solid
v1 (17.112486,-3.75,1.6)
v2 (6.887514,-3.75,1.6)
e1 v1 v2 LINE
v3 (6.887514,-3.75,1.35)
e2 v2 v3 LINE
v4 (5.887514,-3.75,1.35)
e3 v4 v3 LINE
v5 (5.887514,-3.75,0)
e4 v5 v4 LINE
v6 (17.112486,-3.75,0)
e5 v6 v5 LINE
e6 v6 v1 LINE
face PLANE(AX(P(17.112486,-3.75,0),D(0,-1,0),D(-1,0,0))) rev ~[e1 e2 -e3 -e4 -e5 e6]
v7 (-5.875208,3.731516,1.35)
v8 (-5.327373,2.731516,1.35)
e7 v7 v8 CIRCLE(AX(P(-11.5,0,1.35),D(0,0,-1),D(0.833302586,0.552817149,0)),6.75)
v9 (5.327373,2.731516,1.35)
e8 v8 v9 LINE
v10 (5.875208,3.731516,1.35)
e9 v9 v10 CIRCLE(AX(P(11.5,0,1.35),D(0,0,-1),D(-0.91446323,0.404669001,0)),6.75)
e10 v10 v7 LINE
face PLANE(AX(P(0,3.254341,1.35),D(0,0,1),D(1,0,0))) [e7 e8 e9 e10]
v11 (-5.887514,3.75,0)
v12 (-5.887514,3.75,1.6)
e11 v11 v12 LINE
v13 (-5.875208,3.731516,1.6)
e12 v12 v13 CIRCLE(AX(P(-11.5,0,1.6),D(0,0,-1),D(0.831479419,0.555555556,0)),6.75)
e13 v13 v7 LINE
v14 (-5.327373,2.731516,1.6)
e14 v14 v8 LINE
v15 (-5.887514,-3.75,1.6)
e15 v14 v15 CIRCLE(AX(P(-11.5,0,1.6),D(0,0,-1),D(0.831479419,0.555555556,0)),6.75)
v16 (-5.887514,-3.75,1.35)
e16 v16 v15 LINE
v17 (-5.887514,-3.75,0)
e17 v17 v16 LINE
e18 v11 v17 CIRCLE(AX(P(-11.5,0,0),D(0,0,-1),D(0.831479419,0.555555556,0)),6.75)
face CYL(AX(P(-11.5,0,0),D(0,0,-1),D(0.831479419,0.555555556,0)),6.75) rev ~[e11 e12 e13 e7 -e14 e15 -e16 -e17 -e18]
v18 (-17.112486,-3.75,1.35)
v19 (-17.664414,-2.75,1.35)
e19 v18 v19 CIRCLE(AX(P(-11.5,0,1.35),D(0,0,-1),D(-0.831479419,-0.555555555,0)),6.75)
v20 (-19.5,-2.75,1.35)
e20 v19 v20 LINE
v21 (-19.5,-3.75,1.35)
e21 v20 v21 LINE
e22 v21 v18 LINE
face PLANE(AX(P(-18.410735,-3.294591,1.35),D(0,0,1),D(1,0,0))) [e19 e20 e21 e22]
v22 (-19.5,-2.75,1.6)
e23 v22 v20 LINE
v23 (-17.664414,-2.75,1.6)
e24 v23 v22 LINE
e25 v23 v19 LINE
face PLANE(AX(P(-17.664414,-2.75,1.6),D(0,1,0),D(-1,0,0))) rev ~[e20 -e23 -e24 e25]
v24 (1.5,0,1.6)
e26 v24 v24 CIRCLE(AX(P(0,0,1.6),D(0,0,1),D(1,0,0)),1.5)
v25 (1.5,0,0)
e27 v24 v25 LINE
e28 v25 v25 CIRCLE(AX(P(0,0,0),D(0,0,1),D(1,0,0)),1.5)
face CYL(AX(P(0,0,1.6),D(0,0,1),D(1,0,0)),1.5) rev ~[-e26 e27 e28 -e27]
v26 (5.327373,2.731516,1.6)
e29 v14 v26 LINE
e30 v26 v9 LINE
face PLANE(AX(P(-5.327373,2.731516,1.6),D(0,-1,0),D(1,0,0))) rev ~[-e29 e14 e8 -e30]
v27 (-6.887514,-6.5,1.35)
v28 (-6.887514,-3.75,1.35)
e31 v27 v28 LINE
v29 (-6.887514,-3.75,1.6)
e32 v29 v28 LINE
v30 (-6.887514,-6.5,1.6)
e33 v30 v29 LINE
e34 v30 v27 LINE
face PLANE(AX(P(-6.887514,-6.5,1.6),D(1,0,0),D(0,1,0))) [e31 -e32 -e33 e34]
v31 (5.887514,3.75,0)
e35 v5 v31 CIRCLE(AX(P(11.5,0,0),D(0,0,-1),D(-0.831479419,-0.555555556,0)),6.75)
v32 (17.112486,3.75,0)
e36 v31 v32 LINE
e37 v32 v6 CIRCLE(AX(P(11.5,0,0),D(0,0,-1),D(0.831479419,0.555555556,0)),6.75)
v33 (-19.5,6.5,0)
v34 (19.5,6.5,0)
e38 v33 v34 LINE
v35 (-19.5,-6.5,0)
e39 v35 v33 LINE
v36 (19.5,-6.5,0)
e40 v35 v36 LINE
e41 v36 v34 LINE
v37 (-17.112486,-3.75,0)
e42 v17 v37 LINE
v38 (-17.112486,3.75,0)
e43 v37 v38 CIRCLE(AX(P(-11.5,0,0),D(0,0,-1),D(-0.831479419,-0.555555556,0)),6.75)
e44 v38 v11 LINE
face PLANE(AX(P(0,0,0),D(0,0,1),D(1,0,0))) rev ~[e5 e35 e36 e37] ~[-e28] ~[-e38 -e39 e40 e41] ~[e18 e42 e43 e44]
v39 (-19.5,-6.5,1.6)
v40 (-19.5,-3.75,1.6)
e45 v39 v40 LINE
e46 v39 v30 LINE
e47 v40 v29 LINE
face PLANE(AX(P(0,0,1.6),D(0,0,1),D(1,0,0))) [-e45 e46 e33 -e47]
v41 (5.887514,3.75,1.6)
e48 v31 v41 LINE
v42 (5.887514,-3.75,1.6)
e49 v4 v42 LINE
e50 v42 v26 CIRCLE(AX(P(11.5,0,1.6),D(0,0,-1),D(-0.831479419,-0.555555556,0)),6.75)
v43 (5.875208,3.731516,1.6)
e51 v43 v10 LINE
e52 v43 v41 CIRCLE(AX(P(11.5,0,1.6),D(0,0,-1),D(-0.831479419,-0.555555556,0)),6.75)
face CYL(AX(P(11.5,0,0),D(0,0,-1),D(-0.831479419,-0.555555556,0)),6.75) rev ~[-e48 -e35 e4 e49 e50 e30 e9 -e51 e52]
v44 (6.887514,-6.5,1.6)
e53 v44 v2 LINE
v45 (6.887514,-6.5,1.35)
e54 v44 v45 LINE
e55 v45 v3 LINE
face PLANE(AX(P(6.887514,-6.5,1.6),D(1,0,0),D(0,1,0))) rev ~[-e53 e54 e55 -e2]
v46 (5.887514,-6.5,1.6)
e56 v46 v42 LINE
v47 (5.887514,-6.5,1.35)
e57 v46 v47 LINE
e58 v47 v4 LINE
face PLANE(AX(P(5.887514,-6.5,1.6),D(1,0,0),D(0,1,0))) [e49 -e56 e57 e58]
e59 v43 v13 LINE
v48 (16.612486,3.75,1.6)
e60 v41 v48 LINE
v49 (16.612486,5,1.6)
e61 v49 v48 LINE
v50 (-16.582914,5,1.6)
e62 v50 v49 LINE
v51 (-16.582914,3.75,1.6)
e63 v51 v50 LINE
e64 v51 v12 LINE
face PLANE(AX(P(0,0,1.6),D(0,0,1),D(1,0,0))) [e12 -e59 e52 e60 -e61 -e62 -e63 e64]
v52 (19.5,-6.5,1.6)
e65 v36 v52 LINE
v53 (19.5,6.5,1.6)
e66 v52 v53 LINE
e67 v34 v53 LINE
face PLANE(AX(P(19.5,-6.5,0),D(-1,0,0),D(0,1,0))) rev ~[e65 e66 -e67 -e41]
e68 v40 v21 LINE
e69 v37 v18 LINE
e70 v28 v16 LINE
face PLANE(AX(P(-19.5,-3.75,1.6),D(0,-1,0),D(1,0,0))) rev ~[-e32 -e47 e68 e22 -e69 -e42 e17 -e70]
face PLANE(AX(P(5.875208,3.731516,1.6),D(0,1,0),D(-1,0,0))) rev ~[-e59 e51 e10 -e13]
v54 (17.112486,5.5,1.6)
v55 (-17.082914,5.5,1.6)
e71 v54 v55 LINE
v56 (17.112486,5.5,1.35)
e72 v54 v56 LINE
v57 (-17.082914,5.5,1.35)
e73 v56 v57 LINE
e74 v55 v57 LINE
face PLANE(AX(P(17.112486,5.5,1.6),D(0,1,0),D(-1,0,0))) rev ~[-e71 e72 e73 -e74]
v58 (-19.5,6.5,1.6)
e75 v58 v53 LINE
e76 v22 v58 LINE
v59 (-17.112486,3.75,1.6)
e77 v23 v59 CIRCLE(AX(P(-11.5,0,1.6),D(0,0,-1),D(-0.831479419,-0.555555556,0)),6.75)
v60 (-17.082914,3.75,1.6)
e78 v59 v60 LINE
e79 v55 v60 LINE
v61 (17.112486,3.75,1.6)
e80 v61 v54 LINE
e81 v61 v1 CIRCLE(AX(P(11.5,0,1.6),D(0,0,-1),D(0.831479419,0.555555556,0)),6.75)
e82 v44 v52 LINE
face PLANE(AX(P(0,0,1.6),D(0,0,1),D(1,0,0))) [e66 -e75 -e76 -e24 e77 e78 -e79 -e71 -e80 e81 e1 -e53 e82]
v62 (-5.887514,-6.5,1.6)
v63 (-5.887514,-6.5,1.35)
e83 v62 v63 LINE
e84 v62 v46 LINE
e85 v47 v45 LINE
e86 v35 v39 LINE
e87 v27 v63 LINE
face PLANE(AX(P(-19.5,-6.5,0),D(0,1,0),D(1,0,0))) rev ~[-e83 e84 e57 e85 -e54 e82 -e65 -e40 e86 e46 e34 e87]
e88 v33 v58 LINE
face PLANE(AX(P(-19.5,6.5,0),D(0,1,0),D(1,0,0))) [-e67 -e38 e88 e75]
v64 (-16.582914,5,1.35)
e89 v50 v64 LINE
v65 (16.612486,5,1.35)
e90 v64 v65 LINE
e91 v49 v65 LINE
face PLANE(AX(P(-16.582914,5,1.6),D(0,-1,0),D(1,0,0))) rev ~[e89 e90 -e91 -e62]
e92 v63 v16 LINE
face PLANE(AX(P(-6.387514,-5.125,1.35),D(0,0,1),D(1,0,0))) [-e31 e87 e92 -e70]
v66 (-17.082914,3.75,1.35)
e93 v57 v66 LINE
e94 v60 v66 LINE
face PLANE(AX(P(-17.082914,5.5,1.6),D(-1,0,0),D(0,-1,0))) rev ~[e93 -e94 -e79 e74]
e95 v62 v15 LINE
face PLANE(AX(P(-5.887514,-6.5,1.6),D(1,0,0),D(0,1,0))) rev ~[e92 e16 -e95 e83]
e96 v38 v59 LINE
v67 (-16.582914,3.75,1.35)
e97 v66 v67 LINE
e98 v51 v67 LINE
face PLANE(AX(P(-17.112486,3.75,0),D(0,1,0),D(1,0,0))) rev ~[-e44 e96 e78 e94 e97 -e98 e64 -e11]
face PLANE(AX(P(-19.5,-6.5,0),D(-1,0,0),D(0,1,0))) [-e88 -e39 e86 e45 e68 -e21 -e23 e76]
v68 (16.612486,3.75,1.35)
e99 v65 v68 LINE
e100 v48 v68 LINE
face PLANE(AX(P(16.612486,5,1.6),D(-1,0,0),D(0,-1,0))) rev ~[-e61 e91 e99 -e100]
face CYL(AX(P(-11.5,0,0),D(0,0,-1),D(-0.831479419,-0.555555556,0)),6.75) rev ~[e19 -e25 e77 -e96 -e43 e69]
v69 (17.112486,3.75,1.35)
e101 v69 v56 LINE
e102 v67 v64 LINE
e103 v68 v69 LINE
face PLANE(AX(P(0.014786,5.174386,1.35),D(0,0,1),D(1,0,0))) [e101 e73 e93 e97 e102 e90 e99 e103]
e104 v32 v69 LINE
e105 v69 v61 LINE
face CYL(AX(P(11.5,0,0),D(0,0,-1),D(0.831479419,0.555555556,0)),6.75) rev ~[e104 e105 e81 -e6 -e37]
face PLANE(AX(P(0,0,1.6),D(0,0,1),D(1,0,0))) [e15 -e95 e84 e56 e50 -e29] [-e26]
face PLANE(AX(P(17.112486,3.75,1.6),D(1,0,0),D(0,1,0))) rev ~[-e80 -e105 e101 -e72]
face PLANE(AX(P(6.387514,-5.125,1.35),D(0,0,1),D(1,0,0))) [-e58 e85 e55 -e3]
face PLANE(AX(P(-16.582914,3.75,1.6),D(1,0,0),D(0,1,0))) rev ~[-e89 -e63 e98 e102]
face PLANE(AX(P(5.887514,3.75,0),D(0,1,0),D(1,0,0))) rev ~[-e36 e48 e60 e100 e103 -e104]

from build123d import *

# Parameters (mm, degrees)
F0_W     = 39
F0_H     = 13
F1_DEPTH = 1.6
F2_W     = 1
F2_H     = 2.75
F3_DEPTH = 0.25
F4_R     = 1.5
F5_DEPTH = 1.601


with BuildPart() as f1:
    # F0 (on Top) → F1 (new body)
    with BuildSketch(Plane.XY):
        Rectangle(F0_W, F0_H)
        with BuildLine():
            ThreePointArc((-5.8875139198, 3.75), (-4.75, 0), (-5.8875139198, -3.75))
            Line((-5.8875139198, -3.75), (-17.1124860802, -3.75))
            ThreePointArc((-17.1124860802, -3.75), (-18.25, 0), (-17.1124860802, 3.75))
            Line((-17.1124860802, 3.75), (-5.8875139198, 3.75))
        make_face(mode=Mode.SUBTRACT)
        with BuildLine():
            ThreePointArc((5.8875139198, -3.75), (4.75, 0), (5.8875139198, 3.75))
            Line((5.8875139198, 3.75), (17.1124860802, 3.75))
            ThreePointArc((17.1124860802, 3.75), (18.25, 0), (17.1124860802, -3.75))
            Line((17.1124860802, -3.75), (5.8875139198, -3.75))
        make_face(mode=Mode.SUBTRACT)
    extrude(amount=F1_DEPTH)

    # F2 (on face) → F3 (cut)
    with BuildSketch(Plane.XY.offset(1.6)):
        Polygon((-17.0829144429, 5.5), (-17.0829144429, 3.75), (-16.5829144429, 3.75), (-16.5829144429, 5), (16.6124860802, 5), (16.6124860802, 3.75), (17.1124860802, 3.75), (17.1124860802, 5.5), align=None)
        with BuildLine():
            ThreePointArc((-5.8752075463, 3.7315157581), (-5.580137224, 3.2431041787), (-5.3273731959, 2.7315157581))
            Line((-5.3273731959, 2.7315157581), (5.3273731959, 2.7315157581))
            ThreePointArc((5.3273731959, 2.7315157581), (5.580137224, 3.2431041787), (5.8752075463, 3.7315157581))
            Line((5.8752075463, 3.7315157581), (-5.8752075463, 3.7315157581))
        make_face()
        with Locations((-6.3875139198, -5.125)):
            Rectangle(F2_W, F2_H)
        with BuildLine():
            Line((-19.5, -2.75), (-19.5, -3.75))
            Line((-19.5, -3.75), (-17.1124860802, -3.75))
            ThreePointArc((-17.1124860802, -3.75), (-17.4096399122, -3.2616952813), (-17.664414003, -2.75))
            Line((-17.664414003, -2.75), (-19.5, -2.75))
        make_face()
        with Locations((6.3875139198, -5.125)):
            Rectangle(F2_W, F2_H)
    extrude(amount=-F3_DEPTH, mode=Mode.SUBTRACT)

    # F4 (on face) → F5 (cut, through all)
    with BuildSketch(Plane.XY.offset(1.6)):
        Circle(F4_R)
    extrude(amount=-F5_DEPTH, mode=Mode.SUBTRACT)


solid = f1.part
